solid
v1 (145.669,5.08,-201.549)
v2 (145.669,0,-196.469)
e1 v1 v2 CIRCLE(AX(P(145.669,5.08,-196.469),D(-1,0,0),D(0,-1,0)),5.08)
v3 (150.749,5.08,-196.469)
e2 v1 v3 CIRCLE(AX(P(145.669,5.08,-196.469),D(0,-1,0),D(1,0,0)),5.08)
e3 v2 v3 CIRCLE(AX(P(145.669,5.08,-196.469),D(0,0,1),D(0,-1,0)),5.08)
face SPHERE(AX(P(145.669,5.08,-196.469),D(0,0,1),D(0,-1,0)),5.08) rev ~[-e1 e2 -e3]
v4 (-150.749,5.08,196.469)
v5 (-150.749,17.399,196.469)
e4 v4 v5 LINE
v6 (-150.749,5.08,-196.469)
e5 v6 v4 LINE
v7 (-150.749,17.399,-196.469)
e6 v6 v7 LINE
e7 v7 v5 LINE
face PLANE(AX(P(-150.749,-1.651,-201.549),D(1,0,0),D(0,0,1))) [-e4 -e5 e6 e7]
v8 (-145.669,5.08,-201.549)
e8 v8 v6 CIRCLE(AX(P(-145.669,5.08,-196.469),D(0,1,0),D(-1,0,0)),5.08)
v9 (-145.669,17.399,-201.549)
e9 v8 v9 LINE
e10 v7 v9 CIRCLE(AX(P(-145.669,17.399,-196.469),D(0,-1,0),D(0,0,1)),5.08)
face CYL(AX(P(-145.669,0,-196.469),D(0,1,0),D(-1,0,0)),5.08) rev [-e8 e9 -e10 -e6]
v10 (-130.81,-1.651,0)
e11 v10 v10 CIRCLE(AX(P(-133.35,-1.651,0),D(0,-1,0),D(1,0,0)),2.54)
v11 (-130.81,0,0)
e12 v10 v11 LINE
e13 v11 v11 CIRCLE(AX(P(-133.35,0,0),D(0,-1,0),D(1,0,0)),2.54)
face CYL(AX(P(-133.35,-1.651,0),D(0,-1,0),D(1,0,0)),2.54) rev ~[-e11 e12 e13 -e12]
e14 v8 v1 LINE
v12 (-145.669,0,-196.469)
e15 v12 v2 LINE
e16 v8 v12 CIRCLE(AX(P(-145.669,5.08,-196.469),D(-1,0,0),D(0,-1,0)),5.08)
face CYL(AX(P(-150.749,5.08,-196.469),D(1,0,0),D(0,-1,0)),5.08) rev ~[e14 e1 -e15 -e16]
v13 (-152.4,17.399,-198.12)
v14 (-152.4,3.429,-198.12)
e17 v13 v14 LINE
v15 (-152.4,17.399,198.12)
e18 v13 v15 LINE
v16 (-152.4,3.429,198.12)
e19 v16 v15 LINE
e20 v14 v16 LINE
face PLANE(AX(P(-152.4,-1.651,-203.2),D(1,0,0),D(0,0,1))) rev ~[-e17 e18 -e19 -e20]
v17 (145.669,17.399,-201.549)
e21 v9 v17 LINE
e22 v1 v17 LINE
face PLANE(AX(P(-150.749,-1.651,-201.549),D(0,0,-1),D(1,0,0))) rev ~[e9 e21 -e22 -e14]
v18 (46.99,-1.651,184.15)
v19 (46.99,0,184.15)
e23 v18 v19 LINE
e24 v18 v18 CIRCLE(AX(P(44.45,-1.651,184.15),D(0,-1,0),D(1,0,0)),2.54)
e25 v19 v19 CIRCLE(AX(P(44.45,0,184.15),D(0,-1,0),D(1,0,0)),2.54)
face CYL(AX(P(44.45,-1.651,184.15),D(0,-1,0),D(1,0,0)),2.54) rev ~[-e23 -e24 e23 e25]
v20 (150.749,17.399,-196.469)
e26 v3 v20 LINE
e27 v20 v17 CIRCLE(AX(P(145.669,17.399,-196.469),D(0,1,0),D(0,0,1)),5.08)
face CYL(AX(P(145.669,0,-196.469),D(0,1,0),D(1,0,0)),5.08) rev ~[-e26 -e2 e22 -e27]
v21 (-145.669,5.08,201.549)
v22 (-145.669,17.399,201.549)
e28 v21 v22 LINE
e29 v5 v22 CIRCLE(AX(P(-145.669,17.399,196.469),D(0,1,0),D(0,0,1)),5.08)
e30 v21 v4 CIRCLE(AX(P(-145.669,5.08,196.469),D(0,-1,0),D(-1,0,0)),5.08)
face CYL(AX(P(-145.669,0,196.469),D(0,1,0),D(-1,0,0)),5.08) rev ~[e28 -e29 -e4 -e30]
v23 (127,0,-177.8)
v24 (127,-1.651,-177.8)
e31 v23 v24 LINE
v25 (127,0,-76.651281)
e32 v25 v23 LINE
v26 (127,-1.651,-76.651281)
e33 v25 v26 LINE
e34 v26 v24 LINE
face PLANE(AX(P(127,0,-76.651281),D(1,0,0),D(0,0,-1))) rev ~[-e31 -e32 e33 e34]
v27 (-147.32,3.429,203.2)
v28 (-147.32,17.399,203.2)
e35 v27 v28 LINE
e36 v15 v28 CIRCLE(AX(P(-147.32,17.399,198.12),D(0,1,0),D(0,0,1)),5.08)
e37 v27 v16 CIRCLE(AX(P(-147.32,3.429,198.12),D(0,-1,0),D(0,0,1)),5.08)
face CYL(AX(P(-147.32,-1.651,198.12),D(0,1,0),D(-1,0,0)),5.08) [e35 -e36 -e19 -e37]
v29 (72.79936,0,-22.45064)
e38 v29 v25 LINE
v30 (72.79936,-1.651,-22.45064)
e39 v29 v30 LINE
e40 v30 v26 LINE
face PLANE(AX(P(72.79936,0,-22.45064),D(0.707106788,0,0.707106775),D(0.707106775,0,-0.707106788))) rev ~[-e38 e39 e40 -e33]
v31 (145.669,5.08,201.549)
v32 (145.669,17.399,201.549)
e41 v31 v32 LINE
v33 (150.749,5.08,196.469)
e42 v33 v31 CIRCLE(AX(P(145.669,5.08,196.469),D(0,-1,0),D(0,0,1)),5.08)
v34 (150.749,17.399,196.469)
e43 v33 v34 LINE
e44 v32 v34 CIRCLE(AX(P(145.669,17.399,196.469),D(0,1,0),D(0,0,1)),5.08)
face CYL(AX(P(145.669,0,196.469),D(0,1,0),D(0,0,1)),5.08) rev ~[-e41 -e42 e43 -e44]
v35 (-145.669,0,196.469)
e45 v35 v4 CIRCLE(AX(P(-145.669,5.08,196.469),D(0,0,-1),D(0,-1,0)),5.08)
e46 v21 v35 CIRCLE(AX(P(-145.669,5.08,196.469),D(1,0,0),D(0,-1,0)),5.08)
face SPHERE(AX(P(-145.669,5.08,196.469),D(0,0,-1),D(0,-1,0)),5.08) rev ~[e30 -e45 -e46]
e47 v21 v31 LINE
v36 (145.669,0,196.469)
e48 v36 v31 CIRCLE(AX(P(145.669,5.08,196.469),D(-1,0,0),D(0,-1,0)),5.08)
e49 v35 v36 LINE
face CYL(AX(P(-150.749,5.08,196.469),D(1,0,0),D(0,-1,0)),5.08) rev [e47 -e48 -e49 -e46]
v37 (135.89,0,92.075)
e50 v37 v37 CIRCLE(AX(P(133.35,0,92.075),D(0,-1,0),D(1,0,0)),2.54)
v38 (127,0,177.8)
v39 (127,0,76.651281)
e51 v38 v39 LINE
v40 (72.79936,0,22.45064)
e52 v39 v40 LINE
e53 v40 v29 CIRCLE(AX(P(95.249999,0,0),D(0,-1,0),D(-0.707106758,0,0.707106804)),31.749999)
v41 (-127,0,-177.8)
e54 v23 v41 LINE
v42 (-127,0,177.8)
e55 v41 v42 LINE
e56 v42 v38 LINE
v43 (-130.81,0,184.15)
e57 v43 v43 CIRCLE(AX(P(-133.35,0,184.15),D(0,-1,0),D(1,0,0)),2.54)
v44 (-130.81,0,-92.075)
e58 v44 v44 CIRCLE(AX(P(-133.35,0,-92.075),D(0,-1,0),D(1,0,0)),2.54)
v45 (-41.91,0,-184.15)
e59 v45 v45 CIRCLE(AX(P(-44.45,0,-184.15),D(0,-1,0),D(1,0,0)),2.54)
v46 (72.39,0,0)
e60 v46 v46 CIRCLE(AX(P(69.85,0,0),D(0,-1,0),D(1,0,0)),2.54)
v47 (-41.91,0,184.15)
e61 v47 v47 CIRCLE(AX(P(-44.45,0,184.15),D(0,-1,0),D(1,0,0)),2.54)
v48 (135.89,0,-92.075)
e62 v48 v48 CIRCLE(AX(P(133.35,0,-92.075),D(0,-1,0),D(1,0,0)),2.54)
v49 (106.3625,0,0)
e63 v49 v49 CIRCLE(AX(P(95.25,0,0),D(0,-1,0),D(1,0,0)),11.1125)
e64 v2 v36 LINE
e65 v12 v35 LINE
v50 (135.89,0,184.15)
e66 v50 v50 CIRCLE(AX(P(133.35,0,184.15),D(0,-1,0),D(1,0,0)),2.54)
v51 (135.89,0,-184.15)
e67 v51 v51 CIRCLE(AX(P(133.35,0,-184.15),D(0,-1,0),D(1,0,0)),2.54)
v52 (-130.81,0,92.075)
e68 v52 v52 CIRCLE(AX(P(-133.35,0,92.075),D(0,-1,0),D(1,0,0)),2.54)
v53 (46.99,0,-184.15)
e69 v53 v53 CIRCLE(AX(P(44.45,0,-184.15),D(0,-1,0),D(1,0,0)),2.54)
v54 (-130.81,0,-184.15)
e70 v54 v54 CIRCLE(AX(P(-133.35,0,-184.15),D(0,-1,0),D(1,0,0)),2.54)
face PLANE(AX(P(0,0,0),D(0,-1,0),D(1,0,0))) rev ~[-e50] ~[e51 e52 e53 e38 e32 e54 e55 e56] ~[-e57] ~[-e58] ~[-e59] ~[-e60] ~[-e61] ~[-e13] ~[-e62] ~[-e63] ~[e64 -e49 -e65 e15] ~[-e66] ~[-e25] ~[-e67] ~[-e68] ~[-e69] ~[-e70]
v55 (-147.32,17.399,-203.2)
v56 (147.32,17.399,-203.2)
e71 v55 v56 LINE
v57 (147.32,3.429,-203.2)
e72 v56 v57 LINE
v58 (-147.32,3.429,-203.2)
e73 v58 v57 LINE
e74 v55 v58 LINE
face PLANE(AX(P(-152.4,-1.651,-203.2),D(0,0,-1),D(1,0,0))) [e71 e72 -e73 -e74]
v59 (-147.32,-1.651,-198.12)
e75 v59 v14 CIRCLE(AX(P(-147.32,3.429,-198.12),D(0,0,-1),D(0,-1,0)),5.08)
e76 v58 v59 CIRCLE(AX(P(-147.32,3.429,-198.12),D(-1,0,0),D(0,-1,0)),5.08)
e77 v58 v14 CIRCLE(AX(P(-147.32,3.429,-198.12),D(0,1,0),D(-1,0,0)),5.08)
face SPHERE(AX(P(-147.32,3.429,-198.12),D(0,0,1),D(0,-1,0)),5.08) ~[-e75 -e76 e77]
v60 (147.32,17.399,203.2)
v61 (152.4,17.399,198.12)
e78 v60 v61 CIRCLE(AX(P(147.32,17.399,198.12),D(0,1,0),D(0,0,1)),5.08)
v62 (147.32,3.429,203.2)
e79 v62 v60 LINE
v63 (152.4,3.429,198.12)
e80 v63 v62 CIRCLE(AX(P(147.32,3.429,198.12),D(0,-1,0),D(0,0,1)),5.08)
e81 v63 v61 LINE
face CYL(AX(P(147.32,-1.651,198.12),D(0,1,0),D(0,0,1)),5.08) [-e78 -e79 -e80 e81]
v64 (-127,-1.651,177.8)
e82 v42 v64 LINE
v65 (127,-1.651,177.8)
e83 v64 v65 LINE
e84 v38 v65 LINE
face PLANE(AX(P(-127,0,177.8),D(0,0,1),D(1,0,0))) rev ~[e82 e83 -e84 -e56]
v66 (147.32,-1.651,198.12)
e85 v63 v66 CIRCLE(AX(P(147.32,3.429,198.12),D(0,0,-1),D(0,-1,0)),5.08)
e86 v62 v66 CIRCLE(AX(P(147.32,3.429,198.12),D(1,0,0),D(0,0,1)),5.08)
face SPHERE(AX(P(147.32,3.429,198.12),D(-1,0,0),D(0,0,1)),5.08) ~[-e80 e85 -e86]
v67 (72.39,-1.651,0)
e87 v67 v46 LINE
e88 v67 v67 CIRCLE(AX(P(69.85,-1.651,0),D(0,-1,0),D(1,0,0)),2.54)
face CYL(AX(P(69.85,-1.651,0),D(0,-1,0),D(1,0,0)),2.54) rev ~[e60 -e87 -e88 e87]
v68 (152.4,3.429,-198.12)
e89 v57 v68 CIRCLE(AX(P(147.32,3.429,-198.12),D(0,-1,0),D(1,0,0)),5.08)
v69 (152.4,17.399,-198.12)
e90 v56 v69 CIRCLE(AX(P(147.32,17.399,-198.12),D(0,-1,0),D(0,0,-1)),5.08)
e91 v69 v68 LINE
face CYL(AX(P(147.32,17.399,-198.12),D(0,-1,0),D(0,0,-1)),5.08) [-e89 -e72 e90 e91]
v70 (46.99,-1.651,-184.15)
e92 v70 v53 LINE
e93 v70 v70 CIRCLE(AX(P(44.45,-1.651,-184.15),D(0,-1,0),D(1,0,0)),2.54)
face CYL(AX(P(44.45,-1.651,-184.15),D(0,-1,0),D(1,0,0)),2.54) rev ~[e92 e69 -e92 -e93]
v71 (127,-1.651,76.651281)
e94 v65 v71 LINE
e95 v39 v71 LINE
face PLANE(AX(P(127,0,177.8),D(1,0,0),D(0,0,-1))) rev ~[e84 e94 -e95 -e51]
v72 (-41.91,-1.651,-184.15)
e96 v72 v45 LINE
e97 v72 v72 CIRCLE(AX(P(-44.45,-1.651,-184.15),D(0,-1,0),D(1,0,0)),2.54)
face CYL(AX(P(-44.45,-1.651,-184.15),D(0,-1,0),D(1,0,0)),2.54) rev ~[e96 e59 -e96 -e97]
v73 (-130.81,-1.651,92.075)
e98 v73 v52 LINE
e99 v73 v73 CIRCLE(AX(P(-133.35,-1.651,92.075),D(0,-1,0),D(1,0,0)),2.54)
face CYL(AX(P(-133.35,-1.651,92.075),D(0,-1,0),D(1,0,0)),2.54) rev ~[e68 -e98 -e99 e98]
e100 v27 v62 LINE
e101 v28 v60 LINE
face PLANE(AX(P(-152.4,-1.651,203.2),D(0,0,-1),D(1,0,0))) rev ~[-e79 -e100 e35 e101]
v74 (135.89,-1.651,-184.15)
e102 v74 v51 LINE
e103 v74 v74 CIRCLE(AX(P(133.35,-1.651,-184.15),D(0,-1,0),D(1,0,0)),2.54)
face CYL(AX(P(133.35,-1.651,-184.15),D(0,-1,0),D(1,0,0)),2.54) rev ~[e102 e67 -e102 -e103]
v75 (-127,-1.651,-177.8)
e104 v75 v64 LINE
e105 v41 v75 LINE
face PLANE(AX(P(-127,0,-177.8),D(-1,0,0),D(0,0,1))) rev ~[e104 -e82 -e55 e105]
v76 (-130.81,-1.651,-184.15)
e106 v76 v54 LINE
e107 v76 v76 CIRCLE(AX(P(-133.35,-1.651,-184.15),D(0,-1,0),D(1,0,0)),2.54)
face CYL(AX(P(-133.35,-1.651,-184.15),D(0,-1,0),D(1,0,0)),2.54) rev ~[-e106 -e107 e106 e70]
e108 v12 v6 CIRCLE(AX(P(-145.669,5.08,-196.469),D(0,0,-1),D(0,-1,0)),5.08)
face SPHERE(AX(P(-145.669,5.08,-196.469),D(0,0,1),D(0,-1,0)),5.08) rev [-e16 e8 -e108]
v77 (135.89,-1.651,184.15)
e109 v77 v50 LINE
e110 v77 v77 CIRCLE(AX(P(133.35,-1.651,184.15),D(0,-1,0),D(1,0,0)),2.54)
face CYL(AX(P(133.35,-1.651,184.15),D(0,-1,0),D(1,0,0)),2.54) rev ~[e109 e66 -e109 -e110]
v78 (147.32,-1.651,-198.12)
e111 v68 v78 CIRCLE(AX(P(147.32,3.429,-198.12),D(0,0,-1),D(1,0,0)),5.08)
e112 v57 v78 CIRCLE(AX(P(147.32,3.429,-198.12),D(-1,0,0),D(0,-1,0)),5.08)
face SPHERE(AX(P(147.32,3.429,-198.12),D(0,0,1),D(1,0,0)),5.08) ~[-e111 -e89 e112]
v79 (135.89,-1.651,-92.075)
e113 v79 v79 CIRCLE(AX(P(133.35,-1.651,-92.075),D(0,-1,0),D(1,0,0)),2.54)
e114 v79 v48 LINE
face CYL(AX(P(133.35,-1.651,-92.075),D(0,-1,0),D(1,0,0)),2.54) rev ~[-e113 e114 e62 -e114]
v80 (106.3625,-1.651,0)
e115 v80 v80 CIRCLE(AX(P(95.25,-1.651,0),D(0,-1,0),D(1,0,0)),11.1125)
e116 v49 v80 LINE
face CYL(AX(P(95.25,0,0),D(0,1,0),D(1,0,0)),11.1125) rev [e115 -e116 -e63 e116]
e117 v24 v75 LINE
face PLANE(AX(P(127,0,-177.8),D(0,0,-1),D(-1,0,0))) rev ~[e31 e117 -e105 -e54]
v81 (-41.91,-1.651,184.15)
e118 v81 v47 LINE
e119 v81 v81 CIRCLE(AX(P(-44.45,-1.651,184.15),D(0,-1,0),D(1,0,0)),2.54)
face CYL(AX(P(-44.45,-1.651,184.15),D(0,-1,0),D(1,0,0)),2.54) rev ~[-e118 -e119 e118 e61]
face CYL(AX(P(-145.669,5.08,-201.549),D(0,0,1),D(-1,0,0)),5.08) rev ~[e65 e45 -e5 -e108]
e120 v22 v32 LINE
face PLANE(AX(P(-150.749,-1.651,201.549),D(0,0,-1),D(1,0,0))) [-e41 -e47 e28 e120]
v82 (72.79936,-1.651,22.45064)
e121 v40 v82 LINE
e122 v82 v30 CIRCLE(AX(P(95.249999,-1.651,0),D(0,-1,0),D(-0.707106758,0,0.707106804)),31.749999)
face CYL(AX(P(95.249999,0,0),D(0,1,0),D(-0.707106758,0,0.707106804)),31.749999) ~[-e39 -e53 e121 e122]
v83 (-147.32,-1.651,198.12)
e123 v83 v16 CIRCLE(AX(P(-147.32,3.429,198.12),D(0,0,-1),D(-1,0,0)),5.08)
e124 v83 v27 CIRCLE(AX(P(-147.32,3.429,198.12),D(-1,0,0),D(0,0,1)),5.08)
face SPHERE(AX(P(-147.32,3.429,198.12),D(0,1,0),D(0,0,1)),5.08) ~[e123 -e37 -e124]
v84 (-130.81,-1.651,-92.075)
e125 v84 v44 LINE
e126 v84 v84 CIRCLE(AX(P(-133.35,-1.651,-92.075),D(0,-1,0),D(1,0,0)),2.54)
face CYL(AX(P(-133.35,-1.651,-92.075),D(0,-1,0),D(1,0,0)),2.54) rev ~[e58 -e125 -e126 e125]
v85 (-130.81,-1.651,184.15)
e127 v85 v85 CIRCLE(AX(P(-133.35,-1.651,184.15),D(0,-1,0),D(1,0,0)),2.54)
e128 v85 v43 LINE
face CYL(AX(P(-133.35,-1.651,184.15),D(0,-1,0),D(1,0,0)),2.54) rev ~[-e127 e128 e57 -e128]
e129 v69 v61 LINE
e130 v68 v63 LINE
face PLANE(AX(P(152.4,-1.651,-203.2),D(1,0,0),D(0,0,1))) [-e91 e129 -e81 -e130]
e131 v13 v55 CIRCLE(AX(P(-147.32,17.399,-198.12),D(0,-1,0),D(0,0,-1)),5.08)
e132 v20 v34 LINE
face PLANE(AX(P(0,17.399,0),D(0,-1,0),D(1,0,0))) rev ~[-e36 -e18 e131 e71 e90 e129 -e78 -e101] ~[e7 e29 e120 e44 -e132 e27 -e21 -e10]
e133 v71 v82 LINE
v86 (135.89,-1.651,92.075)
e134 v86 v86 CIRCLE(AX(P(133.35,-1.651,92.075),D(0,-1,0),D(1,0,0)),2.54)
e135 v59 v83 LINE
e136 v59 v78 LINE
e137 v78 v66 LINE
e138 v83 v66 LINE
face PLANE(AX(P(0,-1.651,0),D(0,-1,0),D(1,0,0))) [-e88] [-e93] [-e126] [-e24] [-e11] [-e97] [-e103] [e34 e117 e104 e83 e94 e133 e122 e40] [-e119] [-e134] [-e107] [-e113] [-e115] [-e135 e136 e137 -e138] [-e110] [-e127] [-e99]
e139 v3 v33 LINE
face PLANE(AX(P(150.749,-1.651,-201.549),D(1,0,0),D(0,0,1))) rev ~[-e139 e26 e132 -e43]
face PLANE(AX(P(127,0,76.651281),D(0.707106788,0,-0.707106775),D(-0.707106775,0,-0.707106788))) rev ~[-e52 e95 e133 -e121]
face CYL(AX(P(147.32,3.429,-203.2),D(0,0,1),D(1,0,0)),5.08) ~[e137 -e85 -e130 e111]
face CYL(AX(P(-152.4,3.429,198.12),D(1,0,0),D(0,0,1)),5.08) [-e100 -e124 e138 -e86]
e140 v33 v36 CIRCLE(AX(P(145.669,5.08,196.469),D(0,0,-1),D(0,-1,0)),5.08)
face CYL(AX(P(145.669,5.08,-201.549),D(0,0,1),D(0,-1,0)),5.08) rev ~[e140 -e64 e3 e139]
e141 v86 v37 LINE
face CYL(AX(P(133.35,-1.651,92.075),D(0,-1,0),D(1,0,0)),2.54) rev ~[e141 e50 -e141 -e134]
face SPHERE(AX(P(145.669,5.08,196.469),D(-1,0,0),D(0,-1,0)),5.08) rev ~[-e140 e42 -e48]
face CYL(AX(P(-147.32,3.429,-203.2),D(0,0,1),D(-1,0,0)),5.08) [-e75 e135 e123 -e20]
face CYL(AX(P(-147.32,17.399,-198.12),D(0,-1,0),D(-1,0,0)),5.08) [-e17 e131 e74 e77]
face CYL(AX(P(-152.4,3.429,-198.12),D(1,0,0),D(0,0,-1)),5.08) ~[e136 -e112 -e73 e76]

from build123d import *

# Parameters (mm, degrees)
F0_W     = 304.8
F0_H     = 406.4
F0_R     = 11.1125
F1_DEPTH = 1.651
F2_W     = 304.8
F2_H     = 406.4
F2_W_2   = 301.498
F2_H_2   = 403.098
F3_DEPTH = 19.05
F4_R     = 5.08
F5_R     = 5.08
F6_R     = 2.54
F7_DEPTH = 25.4


with BuildPart() as f1:
    # F0 (on Front) → F1 (new body)
    with BuildSketch(Plane.XZ):
        Rectangle(F0_W, F0_H)
        with BuildLine():
            Line((-127, 177.8), (127, 177.8))
            Line((127, 177.8), (127, 76.651281))
            Line((127, 76.651281), (72.79936, 22.45064))
            ThreePointArc((72.79936, 22.45064), (63.5, 0), (72.79936, -22.45064))
            Line((72.79936, -22.45064), (127, -76.651281))
            Line((127, -76.651281), (127, -177.8))
            Line((127, -177.8), (-127, -177.8))
            Line((-127, -177.8), (-127, 177.8))
        make_face(mode=Mode.SUBTRACT)
        with Locations((95.25, 0)):
            Circle(F0_R, mode=Mode.SUBTRACT)
    extrude(amount=F1_DEPTH)

    # F2 (on face) → F3 (join)
    with BuildSketch(Plane.XZ.offset(1.651)):
        Rectangle(F2_W, F2_H)
        Rectangle(F2_W_2, F2_H_2, mode=Mode.SUBTRACT)
    extrude(amount=-F3_DEPTH)

    # F4
    f4_edges = [f1.edges().sort_by_distance(p)[0] for p in [
        (-150.749, 0, 0),
        (0, 0, 201.549),
        (150.749, 0, 0),
        (0, 0, -201.549),
        (-150.749, 8.6995, -201.549),
        (-150.749, 8.6995, 201.549),
        (150.749, 8.6995, 201.549),
        (150.749, 8.6995, -201.549),
    ]]
    fillet(f4_edges, radius=F4_R)

    # F5
    f5_edges = [f1.edges().sort_by_distance(p)[0] for p in [
        (-152.4, 7.874, 203.2),
        (0, -1.651, 203.2),
        (-152.4, -1.651, 0),
        (152.4, 7.874, 203.2),
        (152.4, -1.651, 0),
        (152.4, 7.874, -203.2),
        (0, -1.651, -203.2),
        (-152.4, 7.874, -203.2),
    ]]
    fillet(f5_edges, radius=F5_R)

    # F6 (on face) → F7 (cut)
    with BuildSketch(Plane.XZ.offset(1.651)):
        with Locations((-133.35, 184.15)):
            Circle(F6_R)
        with Locations((-133.35, 92.075)):
            Circle(F6_R)
        with Locations((-133.35, 0)):
            Circle(F6_R)
        with Locations((-133.35, -92.075)):
            Circle(F6_R)
        with Locations((-133.35, -184.15)):
            Circle(F6_R)
        with Locations((-44.45, 184.15)):
            Circle(F6_R)
        with Locations((44.45, 184.15)):
            Circle(F6_R)
        with Locations((133.35, 184.15)):
            Circle(F6_R)
        with Locations((133.35, 92.075)):
            Circle(F6_R)
        with Locations((133.35, -92.075)):
            Circle(F6_R)
        with Locations((133.35, -184.15)):
            Circle(F6_R)
        with Locations((44.45, -184.15)):
            Circle(F6_R)
        with Locations((-44.45, -184.15)):
            Circle(F6_R)
        with Locations((69.85, 0)):
            Circle(F6_R)
    extrude(amount=-F7_DEPTH, mode=Mode.SUBTRACT)


solid = f1.part
